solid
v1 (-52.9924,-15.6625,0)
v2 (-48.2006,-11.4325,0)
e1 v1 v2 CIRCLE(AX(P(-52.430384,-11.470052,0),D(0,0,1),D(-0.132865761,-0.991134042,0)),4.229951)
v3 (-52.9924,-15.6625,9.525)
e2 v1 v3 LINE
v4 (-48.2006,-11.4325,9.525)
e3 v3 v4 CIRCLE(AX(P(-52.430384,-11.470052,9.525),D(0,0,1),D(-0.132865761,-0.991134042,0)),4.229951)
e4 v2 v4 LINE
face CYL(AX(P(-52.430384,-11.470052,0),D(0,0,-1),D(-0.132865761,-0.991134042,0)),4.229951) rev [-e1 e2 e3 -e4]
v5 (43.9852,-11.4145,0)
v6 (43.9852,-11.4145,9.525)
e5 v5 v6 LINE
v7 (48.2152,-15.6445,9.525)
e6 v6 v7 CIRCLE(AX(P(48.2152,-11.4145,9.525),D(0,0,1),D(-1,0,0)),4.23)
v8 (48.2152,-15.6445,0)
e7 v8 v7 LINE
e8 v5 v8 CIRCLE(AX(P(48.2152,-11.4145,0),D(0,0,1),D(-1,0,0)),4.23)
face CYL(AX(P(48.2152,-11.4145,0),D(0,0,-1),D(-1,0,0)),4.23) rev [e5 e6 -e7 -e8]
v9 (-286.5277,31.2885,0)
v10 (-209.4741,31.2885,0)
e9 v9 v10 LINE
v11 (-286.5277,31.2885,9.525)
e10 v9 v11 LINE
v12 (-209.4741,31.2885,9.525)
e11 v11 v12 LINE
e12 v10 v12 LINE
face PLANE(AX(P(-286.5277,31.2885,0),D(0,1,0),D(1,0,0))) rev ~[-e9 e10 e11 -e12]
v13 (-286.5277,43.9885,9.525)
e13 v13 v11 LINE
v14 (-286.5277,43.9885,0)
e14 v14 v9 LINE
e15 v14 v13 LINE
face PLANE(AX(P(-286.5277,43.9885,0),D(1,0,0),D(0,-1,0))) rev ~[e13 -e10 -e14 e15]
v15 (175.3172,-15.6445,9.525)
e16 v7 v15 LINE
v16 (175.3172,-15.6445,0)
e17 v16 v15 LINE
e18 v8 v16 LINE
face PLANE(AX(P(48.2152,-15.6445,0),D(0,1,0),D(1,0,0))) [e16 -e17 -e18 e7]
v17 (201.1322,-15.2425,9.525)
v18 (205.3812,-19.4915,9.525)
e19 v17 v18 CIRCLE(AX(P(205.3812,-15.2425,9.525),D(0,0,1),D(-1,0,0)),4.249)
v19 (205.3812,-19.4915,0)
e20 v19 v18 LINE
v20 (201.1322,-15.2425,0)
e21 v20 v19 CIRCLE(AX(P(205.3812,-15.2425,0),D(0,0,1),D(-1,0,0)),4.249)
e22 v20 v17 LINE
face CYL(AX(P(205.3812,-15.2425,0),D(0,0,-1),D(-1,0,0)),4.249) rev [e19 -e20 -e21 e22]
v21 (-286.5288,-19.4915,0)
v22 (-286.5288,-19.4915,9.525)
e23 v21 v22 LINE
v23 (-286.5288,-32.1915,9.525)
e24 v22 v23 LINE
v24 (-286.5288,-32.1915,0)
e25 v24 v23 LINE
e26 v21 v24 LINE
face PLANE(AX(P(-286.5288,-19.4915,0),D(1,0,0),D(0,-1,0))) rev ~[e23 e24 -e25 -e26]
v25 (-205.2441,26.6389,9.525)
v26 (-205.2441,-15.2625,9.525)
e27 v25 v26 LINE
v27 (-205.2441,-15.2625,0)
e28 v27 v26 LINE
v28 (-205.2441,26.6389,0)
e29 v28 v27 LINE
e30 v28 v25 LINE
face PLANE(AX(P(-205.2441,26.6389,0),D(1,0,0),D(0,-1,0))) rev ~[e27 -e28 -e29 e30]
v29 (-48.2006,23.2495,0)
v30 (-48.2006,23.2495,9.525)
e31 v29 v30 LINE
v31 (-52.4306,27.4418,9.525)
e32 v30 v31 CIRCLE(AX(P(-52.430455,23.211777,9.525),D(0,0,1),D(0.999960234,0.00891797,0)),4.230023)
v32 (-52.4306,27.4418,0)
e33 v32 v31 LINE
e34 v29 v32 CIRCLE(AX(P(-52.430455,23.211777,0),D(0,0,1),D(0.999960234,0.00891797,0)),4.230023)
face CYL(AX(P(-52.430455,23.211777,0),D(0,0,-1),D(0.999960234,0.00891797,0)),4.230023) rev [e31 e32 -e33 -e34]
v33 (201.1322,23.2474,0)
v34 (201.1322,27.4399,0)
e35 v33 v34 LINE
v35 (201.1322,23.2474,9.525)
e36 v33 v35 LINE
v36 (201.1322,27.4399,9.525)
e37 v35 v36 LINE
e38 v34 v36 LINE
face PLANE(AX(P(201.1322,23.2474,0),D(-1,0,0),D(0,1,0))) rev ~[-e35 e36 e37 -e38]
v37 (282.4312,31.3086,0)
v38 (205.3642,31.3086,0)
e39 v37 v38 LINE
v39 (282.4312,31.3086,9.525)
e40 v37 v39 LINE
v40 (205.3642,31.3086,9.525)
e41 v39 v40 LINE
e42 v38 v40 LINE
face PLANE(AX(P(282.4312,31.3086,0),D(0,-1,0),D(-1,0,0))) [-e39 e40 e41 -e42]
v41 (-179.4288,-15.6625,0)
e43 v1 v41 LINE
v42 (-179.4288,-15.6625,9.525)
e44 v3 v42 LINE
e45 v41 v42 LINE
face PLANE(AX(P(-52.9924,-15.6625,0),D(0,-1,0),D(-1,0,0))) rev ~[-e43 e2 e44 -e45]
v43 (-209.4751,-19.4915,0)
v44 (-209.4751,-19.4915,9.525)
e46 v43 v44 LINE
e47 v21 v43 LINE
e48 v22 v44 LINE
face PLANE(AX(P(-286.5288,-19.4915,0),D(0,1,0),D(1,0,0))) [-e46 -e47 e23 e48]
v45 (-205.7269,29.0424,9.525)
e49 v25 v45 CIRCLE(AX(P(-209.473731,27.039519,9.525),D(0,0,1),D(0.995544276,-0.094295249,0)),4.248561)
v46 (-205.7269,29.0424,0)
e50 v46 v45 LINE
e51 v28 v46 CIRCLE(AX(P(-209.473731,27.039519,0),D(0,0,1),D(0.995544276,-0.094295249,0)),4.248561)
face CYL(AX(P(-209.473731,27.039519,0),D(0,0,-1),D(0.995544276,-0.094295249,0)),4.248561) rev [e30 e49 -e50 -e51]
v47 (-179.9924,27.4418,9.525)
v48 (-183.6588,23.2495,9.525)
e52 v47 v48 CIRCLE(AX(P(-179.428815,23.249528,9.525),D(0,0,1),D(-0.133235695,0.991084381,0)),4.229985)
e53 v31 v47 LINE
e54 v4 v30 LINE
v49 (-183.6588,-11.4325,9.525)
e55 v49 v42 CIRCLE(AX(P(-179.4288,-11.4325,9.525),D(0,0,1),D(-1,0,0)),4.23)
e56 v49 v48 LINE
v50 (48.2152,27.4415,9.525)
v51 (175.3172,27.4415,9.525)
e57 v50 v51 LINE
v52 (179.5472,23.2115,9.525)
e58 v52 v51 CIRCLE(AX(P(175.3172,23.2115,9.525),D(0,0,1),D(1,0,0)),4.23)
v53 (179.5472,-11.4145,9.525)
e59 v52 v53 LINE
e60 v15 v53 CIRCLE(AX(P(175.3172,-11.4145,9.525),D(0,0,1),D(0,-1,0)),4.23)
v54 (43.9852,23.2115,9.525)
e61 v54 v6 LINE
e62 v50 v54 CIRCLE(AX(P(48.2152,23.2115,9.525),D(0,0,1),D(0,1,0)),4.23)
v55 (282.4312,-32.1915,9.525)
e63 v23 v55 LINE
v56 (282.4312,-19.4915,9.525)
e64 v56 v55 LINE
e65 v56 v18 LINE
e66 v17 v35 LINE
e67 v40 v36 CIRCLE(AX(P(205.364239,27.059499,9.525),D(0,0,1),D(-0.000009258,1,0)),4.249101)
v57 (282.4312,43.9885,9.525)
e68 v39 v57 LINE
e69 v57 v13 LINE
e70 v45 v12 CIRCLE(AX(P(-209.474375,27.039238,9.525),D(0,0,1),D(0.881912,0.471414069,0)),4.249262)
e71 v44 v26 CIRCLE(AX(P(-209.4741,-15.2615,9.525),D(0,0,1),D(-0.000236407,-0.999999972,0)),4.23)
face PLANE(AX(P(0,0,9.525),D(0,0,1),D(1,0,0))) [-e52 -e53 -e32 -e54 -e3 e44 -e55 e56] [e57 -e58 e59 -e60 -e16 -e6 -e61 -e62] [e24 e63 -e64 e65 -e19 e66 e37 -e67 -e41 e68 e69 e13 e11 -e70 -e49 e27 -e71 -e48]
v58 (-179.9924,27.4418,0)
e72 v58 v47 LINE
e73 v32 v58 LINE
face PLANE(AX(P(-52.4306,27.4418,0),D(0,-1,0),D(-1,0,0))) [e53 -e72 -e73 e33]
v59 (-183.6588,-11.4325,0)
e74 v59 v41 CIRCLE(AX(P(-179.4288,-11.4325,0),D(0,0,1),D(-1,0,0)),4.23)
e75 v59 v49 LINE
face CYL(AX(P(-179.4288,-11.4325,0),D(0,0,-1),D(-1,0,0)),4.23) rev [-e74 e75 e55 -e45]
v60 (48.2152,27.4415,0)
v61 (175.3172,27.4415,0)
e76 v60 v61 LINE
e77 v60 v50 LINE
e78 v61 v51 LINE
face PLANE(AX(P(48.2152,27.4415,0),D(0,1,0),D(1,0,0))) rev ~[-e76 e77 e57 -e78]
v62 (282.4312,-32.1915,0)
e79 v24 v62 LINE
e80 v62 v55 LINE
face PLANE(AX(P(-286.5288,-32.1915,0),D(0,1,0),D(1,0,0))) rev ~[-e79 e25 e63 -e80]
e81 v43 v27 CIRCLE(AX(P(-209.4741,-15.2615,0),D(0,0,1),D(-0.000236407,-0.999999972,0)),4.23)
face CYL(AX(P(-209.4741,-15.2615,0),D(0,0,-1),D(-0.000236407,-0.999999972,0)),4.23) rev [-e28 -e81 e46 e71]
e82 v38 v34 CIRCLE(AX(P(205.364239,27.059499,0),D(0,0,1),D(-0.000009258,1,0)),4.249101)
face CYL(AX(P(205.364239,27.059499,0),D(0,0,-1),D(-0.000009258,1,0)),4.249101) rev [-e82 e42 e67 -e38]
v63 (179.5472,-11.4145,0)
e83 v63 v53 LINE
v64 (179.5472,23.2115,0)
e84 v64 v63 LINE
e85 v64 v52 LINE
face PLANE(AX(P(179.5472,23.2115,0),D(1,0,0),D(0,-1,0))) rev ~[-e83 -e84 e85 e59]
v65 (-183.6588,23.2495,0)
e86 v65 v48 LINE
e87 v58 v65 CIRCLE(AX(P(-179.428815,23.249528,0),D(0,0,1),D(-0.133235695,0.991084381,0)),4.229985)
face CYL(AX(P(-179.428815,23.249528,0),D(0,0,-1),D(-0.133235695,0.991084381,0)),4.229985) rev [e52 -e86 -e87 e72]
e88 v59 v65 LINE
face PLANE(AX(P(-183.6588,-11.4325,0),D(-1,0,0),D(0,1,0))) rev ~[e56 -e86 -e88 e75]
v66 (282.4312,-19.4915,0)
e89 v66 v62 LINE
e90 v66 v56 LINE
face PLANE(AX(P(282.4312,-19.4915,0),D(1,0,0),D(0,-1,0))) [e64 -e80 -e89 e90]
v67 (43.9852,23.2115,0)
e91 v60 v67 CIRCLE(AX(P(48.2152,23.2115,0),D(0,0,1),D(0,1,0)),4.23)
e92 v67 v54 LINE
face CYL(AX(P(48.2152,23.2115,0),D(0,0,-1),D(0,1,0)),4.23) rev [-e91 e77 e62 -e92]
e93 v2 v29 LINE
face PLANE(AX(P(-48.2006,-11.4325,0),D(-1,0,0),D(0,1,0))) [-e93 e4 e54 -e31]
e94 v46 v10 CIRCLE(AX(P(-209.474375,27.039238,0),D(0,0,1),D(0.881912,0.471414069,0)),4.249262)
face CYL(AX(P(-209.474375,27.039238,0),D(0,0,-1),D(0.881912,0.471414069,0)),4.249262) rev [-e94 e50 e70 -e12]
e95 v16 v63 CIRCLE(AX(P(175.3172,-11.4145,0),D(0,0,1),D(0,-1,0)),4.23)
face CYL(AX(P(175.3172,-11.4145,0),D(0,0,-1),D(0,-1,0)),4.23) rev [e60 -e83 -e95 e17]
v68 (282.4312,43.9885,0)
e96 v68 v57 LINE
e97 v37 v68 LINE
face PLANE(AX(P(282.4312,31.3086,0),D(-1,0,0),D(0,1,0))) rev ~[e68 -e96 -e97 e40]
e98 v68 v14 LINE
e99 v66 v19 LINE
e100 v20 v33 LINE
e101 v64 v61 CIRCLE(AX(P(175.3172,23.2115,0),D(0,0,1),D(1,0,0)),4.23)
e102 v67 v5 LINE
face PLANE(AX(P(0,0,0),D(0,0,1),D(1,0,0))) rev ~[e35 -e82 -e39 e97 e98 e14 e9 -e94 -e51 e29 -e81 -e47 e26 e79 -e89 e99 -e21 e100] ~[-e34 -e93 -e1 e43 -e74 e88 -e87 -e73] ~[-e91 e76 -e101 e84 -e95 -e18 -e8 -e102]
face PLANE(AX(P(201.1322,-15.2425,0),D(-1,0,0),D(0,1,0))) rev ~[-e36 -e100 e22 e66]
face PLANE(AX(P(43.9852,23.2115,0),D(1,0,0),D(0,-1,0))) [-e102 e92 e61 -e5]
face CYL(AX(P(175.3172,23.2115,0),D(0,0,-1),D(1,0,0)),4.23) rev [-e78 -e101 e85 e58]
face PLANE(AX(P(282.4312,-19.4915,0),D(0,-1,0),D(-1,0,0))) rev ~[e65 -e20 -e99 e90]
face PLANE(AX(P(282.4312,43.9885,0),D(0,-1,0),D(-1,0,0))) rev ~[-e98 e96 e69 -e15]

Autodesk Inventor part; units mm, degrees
ref_plane "YZ Plane" through (0, 0, 0) normal (1, 0, 0) x (0, 1, 0)
ref_plane "XZ Plane" through (0, 0, 0) normal (0, 1, 0) x (-1, 0, 0)
ref_plane "XY Plane" through (0, 0, 0) normal (0, 0, 1) x (1, 0, 0)
sketch "Sketch1" plane through (0, 0, 0) normal (0, 0, 1) x (1, 0, 0)
  line L0 (282.4312, 43.9885) -> (-286.5277, 43.9885)
  line L1 (-286.5288, -32.1915) -> (282.4312, -32.1915)
  line L2 (-286.5277, 43.9885) -> (-286.5277, 31.2885)
  line L3 (-286.5288, -19.4915) -> (-286.5288, -32.1915)
  line L4 (282.4312, 31.3086) -> (282.4312, 43.9885)
  line L5 (282.4312, -19.4915) -> (282.4312, -32.1915)
  arc A0 (-205.7269, 29.0424) -> (-209.4741, 31.2885) centre (-209.4741, 27.0395) ccw
  arc A1 (-205.2441, 26.6389) -> (-205.7269, 29.0424) centre (-209.4741, 27.0395) ccw
  arc A2 (-209.4751, -19.4915) -> (-205.2441, -15.2625) centre (-209.4741, -15.2615) ccw
  arc A3 (-179.9924, 27.4418) -> (-183.6588, 23.2495) centre (-179.4288, 23.2495) ccw
  arc A4 (-183.6588, -11.4325) -> (-179.4288, -15.6625) centre (-179.4288, -11.4325) ccw
  arc A5 (-48.2006, 23.2495) -> (-52.4306, 27.4418) centre (-52.4304, 23.2118) ccw
  arc A6 (-52.9924, -15.6625) -> (-48.2006, -11.4325) centre (-52.4304, -11.47) ccw
  line L6 (-52.4306, 27.4418) -> (-179.9924, 27.4418)
  line L7 (-52.9924, -15.6625) -> (-179.4288, -15.6625)
  line L8 (-48.2006, -11.4325) -> (-48.2006, 23.2495)
  line L9 (-183.6588, -11.4325) -> (-183.6588, 23.2495)
  arc A7 (205.3642, 31.3086) -> (201.1322, 27.4399) centre (205.3642, 27.0596) ccw
  arc A8 (201.1322, -15.2425) -> (205.3812, -19.4915) centre (205.3812, -15.2425) ccw
  line L10 (201.1322, -15.2425) -> (201.1322, 23.2474)
  line L11 (201.1322, 23.2474) -> (201.1322, 27.4399)
  line L12 (282.4312, 31.3086) -> (205.3642, 31.3086)
  line L13 (282.4312, -19.4915) -> (205.3812, -19.4915)
  line L14 (-286.5288, -19.4915) -> (-209.4751, -19.4915)
  line L15 (-286.5277, 31.2885) -> (-209.4741, 31.2885)
  line L16 (-205.2441, 26.6389) -> (-205.2441, -15.2625)
  arc A9 (48.2152, 27.4415) -> (43.9852, 23.2115) centre (48.2152, 23.2115) ccw
  arc A10 (43.9852, -11.4145) -> (48.2152, -15.6445) centre (48.2152, -11.4145) ccw
  arc A11 (179.5472, 23.2115) -> (175.3172, 27.4415) centre (175.3172, 23.2115) ccw
  arc A12 (175.3172, -15.6445) -> (179.5472, -11.4145) centre (175.3172, -11.4145) ccw
  line L17 (48.2152, 27.4415) -> (175.3172, 27.4415)
  line L18 (48.2152, -15.6445) -> (175.3172, -15.6445)
  line L19 (43.9852, 23.2115) -> (43.9852, -11.4145)
  line L20 (179.5472, 23.2115) -> (179.5472, -11.4145)
  point P0 (0, 0)
  point P1 (0, 0)
  dimension "d0" = 135.4582
  dimension "d1" = 43.1043
  dimension "d2" = 16.5467
  dimension "d3" = 16.529
  dimension "d4" = 21.5853
  dimension "d5" = 92.1858
extrude "Extrusion1" add sketch "Sketch1" along normal blind 9.525
properties part number "bottom"
